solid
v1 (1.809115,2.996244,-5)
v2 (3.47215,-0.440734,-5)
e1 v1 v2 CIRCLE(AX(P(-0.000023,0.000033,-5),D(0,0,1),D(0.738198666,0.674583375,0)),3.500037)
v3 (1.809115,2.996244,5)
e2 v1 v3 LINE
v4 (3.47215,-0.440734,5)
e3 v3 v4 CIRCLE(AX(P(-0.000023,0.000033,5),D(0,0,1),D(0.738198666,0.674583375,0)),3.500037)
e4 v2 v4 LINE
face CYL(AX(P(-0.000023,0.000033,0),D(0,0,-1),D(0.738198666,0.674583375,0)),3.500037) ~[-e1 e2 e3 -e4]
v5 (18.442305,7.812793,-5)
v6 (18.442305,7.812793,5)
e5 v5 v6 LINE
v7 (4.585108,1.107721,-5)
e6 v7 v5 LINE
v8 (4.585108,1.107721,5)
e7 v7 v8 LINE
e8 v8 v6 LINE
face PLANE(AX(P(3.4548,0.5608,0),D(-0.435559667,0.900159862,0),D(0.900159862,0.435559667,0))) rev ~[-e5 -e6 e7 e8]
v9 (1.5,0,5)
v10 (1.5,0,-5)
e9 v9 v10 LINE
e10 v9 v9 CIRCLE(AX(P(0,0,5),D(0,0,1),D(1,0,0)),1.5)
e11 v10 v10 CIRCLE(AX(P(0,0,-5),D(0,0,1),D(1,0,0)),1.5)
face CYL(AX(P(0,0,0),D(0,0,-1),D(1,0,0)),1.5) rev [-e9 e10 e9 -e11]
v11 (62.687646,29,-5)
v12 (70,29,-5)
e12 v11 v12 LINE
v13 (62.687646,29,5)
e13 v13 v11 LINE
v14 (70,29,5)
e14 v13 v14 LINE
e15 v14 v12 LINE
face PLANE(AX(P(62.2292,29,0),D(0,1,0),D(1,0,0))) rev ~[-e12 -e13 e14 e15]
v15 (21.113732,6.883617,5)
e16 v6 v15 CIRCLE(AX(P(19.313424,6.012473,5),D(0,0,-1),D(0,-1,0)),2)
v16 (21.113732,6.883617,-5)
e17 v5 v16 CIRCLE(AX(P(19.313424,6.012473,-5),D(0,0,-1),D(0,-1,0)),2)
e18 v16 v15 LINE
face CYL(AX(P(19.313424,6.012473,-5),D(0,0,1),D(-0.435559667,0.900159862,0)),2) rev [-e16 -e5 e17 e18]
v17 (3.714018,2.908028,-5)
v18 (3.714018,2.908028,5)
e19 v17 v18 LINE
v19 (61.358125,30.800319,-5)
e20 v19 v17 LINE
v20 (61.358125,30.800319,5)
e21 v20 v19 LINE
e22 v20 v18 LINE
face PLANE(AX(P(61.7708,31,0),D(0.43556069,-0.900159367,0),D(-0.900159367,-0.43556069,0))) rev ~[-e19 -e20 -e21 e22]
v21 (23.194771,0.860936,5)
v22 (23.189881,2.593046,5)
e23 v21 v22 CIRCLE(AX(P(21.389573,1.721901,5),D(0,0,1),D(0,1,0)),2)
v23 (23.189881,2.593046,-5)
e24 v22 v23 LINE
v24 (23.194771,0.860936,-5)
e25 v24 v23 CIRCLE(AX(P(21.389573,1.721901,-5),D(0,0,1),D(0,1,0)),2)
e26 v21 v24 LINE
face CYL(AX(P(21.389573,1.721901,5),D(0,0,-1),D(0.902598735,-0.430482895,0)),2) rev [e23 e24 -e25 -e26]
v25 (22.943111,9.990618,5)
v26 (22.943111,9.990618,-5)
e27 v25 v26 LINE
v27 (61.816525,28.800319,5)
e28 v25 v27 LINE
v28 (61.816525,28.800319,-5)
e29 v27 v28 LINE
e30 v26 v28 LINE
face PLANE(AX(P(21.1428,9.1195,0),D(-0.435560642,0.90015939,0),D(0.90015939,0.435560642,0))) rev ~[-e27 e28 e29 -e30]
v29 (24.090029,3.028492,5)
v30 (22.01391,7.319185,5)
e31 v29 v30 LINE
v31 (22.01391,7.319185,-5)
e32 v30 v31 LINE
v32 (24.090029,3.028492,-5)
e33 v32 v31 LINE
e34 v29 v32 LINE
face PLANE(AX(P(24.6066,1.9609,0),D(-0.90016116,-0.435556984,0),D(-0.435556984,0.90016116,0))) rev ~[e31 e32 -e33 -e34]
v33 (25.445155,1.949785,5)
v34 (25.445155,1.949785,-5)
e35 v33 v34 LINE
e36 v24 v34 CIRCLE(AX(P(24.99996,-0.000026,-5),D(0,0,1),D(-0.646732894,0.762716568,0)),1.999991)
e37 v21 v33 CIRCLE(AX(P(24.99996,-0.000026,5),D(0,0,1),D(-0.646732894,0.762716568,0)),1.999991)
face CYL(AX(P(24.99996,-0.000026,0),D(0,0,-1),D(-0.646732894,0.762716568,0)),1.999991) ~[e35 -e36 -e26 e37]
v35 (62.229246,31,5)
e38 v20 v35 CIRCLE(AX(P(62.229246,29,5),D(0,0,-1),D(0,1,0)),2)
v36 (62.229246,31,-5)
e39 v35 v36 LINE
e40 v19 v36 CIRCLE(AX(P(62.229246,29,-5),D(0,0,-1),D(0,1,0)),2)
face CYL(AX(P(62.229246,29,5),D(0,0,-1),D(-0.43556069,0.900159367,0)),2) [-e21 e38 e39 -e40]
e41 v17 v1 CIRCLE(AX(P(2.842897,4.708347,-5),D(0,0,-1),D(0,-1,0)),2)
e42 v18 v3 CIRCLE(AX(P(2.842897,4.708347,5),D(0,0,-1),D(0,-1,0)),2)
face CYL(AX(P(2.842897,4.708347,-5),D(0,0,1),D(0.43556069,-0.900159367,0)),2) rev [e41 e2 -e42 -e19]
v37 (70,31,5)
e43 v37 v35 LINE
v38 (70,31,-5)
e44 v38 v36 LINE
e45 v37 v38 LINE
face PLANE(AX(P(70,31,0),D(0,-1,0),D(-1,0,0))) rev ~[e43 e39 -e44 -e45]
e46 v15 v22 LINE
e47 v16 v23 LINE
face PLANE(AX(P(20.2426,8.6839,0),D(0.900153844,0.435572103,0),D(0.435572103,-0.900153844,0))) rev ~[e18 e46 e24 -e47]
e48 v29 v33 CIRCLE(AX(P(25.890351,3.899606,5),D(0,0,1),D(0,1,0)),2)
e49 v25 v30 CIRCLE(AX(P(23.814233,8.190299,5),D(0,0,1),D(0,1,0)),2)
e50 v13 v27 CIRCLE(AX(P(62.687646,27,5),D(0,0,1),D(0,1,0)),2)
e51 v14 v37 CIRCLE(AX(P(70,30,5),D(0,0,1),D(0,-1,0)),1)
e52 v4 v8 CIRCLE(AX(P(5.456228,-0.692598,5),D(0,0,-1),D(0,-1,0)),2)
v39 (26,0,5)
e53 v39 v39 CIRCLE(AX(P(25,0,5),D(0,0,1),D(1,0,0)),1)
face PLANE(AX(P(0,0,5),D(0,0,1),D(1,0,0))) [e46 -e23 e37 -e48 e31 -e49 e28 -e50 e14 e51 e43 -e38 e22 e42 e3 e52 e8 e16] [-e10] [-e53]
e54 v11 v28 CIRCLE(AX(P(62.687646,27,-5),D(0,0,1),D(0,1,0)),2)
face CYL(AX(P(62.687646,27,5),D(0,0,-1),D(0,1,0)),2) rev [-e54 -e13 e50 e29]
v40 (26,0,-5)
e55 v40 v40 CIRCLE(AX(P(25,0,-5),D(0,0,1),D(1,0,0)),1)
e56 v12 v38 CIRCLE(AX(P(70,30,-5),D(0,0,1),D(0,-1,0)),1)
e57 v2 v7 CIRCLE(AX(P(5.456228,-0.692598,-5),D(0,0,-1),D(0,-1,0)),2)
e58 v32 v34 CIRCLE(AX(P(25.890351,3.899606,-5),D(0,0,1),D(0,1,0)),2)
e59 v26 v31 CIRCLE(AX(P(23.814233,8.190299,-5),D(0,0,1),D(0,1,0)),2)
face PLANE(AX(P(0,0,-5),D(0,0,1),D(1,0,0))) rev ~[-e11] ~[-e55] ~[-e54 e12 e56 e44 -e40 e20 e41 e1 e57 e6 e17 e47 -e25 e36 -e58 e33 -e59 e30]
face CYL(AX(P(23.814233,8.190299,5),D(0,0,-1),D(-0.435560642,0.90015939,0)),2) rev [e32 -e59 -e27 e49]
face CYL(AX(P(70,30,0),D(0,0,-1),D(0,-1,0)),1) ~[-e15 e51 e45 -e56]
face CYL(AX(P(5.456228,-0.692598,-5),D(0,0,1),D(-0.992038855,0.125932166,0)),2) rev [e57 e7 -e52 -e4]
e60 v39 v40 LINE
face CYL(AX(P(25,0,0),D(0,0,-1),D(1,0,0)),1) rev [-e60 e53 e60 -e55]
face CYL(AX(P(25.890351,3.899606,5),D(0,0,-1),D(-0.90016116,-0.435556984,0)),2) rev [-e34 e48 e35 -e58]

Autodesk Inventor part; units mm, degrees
ref_plane "YZ Plane" through (0, 0, 0) normal (1, 0, 0) x (0, 1, 0)
ref_plane "XZ Plane" through (0, 0, 0) normal (0, 1, 0) x (-1, 0, 0)
ref_plane "XY Plane" through (0, 0, 0) normal (0, 0, 1) x (1, 0, 0)
sketch "Sketch1" plane through (0, 0, 0) normal (0, 0, 1) x (1, 0, 0)
  line L0 (0, 0) -> (62, 30) construction
  line L1 (62, 30) -> (70, 30) construction
  line L2 (20.2572, 9.8019) -> (25, 0) construction
  circle A0 centre (0, 0) radius 1.5
  circle A1 centre (25, 0) radius 1
  arc A2 (2.5837, 2.3611) -> (3.4548, 0.5608) centre (0, 0) ccw
  arc A3 (23.7065, 1.5254) -> (24.6066, 1.9609) centre (25, 0) ccw
  line L3 (3.4548, 0.5608) -> (20.2426, 8.6839)
  line L4 (20.2426, 8.6839) -> (23.7065, 1.5254)
  line L5 (24.6066, 1.9609) -> (21.1428, 9.1195)
  line L6 (21.1428, 9.1195) -> (62.2292, 29)
  line L7 (62.2292, 29) -> (70, 29)
  arc A4 (70, 29) -> (70, 31) centre (70, 30) ccw
  line L8 (70, 31) -> (61.7708, 31)
  line L9 (61.7708, 31) -> (2.5837, 2.3611)
  dimension "d0" = 25
  dimension "d1" = 70
  dimension "d2" = 8
  dimension "d3" = 30
  dimension "d4" = 3
  dimension "d5" = 2
  dimension "d6" = 7
  dimension "d7" = 4
  dimension "d8" = 1
  dimension "d9" = 1
  dimension "d10" = 1
  dimension "d11" = 1
  dimension "d12" = 0.5
  dimension "d13" = 0.5
extrude "Extrusion1" add sketch "Sketch1" along normal mid plane 10
fillet "Fillet1" radius 2 8 edges at (3.4548, 0.5608, 0) (2.5837, 2.3611, 0) (21.1428, 9.1195, 0) (20.2426, 8.6839, 0) (62.2292, 29, 0) (61.7708, 31, 0) (24.6066, 1.9609, 0) (23.7065, 1.5254, 0)
properties material "Aluminum 6061"
